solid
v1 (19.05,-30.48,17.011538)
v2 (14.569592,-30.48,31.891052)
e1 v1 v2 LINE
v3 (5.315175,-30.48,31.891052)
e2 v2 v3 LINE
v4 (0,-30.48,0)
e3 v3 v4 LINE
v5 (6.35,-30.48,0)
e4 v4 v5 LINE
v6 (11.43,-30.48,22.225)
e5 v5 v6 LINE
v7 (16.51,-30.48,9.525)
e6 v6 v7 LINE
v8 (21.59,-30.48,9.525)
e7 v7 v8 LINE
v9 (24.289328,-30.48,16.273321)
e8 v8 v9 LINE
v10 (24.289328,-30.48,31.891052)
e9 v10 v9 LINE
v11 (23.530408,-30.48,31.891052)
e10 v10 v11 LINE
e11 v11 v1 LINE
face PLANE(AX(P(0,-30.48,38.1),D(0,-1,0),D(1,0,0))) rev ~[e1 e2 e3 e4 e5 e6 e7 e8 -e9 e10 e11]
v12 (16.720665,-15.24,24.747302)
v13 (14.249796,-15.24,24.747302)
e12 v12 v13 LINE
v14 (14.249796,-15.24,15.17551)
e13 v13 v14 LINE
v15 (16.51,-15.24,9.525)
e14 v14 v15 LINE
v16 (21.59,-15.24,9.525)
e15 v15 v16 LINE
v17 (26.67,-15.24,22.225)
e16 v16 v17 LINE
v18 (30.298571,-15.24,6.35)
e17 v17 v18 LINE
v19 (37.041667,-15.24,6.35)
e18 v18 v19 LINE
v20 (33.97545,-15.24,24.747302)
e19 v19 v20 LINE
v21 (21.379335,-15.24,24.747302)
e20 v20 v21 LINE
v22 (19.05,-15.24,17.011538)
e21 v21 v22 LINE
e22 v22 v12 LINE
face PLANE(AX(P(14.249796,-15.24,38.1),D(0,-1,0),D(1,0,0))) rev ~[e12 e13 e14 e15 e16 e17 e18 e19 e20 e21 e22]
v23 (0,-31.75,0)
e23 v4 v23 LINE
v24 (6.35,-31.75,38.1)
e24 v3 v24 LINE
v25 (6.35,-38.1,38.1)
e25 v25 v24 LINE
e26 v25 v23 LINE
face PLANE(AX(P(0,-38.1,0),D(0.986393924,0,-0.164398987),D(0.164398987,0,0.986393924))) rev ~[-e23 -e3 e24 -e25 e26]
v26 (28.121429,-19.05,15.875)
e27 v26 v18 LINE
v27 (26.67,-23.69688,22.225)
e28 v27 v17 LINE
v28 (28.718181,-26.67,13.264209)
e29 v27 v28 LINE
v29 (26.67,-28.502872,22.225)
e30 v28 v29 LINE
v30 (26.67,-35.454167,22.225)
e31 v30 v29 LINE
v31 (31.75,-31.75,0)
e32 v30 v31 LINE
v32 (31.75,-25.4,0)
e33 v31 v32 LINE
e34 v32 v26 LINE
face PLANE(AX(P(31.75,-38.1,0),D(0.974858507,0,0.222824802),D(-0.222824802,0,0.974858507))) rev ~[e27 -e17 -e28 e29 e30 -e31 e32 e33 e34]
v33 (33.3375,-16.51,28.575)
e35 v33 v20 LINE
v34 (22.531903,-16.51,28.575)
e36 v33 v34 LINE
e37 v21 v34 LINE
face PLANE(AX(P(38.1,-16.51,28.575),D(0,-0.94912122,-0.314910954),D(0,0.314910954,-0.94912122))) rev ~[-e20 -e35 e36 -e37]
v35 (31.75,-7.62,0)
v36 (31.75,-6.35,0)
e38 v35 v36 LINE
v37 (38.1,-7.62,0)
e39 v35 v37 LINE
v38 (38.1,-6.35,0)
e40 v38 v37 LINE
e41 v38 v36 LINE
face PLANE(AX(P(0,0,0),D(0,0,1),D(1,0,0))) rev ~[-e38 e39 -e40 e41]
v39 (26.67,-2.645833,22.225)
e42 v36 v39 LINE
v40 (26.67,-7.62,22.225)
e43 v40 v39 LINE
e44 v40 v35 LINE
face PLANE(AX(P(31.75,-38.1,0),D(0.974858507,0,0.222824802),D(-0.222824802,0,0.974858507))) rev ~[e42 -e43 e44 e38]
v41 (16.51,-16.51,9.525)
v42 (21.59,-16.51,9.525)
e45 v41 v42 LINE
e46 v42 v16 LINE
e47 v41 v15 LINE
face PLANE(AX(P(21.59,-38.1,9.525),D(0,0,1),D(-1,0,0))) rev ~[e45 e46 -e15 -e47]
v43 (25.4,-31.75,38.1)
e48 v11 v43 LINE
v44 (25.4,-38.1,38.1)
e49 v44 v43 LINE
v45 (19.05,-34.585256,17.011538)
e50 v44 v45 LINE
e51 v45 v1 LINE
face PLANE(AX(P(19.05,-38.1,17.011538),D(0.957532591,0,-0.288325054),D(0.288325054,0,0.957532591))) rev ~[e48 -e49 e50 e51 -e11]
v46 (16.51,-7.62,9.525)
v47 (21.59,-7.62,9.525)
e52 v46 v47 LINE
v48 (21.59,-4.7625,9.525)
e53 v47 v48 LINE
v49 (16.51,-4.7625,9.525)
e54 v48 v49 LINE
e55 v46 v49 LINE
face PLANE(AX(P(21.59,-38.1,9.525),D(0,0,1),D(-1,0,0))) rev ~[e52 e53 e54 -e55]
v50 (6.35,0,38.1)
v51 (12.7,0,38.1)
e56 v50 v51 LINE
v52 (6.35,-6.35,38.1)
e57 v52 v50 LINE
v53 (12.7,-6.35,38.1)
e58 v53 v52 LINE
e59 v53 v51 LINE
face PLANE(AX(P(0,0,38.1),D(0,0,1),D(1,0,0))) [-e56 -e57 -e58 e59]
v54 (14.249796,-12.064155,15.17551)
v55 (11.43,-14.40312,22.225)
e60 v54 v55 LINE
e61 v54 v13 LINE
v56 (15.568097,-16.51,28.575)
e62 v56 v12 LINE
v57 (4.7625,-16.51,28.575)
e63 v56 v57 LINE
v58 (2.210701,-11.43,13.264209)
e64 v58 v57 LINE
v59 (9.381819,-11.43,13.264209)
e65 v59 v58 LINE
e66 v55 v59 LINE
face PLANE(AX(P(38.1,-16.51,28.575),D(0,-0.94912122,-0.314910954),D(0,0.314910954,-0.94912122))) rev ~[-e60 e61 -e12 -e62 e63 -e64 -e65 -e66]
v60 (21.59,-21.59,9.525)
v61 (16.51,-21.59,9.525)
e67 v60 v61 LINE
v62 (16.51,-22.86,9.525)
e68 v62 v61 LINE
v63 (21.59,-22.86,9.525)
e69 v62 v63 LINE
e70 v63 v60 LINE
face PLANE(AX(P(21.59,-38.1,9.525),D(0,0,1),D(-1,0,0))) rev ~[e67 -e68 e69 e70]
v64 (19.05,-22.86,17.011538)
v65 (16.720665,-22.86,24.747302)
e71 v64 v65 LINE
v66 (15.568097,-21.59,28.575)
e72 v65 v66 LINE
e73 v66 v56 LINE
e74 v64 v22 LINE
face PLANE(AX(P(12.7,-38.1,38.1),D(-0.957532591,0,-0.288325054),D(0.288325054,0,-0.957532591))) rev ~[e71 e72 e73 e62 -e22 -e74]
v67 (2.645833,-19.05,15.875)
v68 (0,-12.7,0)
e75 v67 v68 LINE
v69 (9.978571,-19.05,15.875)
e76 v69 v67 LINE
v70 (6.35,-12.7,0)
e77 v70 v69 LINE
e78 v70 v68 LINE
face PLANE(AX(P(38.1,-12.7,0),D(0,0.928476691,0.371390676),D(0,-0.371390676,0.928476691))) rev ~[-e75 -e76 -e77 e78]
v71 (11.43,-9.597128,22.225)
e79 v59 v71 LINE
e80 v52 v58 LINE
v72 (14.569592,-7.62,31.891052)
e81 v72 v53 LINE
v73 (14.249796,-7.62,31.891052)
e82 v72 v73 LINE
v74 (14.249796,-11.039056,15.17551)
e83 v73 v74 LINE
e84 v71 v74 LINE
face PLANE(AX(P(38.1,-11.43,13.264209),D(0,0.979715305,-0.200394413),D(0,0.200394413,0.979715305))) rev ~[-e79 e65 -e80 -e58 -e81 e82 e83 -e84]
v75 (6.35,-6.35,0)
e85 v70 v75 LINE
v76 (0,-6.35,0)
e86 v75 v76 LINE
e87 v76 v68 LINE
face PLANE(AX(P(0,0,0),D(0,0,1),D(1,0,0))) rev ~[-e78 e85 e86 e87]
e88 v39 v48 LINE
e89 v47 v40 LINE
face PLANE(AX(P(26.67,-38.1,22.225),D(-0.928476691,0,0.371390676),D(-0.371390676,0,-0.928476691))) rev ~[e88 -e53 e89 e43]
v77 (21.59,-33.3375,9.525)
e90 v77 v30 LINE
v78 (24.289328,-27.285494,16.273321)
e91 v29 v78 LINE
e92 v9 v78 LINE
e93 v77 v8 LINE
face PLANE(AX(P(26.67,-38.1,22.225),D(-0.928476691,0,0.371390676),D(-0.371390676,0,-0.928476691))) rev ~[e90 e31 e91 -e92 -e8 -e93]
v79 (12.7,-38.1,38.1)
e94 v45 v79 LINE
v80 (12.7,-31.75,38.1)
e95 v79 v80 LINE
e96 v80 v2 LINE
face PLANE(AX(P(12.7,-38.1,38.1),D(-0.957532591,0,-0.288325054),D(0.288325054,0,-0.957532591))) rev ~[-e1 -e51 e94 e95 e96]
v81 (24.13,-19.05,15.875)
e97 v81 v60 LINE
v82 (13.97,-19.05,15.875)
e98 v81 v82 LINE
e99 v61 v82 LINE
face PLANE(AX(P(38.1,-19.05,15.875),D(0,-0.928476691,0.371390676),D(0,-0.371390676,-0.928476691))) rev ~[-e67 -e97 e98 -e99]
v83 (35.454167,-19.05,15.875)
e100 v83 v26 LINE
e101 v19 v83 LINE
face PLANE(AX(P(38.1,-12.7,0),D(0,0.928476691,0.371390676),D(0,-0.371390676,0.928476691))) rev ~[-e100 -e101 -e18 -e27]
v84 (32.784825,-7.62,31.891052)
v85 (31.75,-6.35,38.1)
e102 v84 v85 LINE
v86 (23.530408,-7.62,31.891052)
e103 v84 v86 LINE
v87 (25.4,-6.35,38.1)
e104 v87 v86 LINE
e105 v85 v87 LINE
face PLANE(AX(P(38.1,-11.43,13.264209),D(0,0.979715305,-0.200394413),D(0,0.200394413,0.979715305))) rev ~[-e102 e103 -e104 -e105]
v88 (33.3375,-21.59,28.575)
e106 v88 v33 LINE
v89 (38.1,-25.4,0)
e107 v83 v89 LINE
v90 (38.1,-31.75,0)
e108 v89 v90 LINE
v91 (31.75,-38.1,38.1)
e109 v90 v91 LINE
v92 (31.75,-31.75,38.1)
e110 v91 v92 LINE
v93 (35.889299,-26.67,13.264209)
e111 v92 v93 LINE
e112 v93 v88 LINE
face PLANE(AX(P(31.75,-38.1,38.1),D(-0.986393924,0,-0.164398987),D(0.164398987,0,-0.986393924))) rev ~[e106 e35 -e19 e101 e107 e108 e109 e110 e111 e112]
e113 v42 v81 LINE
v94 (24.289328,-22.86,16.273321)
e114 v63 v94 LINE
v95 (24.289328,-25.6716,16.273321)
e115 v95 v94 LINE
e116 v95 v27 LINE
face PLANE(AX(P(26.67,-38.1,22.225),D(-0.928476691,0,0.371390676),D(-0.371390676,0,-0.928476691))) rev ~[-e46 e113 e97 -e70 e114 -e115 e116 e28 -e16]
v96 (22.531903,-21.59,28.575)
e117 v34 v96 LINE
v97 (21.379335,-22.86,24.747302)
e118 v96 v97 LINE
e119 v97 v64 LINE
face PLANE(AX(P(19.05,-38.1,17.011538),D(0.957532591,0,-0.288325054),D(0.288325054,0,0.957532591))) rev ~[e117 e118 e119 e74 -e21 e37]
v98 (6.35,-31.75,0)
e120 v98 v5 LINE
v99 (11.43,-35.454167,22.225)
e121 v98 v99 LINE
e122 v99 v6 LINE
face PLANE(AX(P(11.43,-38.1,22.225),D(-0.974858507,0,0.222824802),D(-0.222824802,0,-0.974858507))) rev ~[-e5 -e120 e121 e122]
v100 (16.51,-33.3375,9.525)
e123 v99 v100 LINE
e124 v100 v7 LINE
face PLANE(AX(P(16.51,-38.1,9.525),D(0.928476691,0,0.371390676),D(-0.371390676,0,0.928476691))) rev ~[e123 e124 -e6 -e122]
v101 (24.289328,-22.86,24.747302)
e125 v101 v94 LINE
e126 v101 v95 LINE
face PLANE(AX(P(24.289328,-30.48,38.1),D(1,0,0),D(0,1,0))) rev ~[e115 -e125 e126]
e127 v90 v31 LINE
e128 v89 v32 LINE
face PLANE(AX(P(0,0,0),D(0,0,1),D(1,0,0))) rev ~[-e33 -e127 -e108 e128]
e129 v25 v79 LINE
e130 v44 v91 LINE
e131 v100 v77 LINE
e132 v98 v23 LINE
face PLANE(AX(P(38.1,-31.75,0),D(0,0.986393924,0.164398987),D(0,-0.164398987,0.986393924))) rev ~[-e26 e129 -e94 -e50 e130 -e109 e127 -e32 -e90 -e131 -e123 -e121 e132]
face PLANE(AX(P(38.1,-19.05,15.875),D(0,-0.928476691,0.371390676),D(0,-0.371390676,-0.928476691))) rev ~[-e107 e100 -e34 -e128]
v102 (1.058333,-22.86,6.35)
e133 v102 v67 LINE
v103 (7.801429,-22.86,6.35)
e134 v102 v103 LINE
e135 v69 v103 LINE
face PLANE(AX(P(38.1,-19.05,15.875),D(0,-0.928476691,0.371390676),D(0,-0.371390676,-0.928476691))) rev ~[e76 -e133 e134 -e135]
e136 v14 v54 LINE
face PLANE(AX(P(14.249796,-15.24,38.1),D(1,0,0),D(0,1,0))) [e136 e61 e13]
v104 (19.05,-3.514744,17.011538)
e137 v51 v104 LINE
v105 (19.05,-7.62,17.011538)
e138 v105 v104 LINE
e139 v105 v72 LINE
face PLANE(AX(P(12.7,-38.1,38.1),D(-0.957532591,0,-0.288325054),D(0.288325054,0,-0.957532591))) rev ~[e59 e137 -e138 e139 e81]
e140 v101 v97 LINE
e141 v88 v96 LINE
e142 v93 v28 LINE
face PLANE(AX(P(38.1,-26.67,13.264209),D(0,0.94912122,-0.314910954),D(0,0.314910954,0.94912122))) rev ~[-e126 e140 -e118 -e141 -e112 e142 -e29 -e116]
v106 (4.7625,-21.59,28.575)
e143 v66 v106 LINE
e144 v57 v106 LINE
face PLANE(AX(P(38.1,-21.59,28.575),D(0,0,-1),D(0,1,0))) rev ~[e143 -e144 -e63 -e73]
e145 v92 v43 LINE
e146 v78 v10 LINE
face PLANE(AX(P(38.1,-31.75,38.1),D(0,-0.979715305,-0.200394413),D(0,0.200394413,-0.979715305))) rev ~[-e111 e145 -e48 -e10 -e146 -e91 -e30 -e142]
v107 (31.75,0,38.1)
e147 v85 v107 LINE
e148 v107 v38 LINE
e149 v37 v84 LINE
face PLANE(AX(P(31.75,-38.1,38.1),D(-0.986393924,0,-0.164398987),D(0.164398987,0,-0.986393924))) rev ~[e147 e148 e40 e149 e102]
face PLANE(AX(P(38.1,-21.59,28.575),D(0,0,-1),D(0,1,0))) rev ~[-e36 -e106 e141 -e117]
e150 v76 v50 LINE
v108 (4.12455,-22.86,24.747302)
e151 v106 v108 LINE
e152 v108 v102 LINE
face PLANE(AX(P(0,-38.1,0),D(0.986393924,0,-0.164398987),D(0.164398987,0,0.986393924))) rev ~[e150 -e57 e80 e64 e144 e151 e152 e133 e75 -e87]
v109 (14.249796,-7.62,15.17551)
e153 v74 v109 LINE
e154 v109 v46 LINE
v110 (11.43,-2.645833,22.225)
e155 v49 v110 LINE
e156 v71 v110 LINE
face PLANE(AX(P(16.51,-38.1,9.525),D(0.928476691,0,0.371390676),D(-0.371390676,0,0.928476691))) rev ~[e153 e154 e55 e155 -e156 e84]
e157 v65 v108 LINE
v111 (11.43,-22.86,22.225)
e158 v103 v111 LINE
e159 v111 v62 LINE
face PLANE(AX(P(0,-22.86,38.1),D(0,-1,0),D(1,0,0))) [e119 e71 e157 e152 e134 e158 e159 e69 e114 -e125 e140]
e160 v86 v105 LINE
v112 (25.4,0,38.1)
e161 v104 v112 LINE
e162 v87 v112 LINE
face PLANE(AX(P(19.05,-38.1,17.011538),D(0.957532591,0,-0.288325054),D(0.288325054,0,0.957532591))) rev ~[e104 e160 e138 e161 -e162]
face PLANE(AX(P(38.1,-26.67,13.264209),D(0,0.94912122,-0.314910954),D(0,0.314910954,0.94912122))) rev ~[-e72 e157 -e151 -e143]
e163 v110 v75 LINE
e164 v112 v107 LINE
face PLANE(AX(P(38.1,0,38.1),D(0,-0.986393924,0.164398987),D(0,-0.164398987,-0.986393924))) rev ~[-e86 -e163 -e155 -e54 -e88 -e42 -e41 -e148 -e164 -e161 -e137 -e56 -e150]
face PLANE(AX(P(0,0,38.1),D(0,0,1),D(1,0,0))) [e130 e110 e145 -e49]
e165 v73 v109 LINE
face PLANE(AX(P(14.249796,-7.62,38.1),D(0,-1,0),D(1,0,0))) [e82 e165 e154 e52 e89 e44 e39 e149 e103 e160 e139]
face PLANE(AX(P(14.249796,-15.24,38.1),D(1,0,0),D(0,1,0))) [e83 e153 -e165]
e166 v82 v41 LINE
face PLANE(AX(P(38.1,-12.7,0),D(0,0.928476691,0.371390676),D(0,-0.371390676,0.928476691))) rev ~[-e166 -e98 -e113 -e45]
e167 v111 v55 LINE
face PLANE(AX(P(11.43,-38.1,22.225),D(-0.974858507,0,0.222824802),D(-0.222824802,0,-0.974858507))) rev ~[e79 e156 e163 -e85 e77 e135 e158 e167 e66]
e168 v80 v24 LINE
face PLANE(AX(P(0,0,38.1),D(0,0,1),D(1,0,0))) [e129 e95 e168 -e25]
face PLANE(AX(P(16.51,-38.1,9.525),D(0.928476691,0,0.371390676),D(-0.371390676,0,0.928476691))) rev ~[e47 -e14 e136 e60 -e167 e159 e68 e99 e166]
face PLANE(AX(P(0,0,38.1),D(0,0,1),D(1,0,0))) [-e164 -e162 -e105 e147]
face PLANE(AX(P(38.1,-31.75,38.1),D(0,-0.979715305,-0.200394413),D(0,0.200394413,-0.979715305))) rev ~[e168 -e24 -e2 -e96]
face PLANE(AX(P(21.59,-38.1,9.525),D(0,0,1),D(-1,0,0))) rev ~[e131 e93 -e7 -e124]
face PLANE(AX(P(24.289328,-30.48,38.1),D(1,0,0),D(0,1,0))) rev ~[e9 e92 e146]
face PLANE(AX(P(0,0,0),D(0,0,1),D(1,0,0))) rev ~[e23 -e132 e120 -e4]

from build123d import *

# Parameters (mm, degrees)
F0_W      = 38.1
F0_H      = 38.1
F1_DEPTH  = 38.1
F6_DEPTH  = 38.1
F8_DEPTH  = 38.1
F9_W      = 23.850204
F9_H      = 7.62
F9_W_2    = 24.289329
F10_DEPTH = 38.1


with BuildPart() as f1:
    # F0 (on Front) → F1 (new body)
    with BuildSketch(Plane.XZ):
        with Locations((19.05, 19.05)):
            Rectangle(F0_W, F0_H)
    extrude(amount=F1_DEPTH)

    # F5 (on offset) → F6 (cut)
    with BuildSketch(Plane.YZ.offset(38.1)):
        Polygon((-11.43, 13.264209), (-6.35, 38.1), (-9.257666, 38.1), (-31.75, 38.1), (-26.67, 13.264209), (-21.59, 28.575), (-16.51, 28.575), align=None)
        Polygon((-38.1, 0), (-31.75, 0), (-38.1, 38.1), align=None)
        Polygon((-25.4, 0), (-12.7, 0), (-19.05, 15.875), align=None)
        Polygon((-6.35, 0), (0, 0), (0, 38.1), align=None)
    extrude(amount=-F6_DEPTH, mode=Mode.SUBTRACT)

    # F7 (on offset) → F8 (cut)
    with BuildSketch(Plane.XZ.offset(38.1)):
        Polygon((0, 38.1), (0, 0), (6.35, 38.1), align=None)
        Polygon((19.05, 17.011538), (25.4, 38.1), (12.7, 38.1), align=None)
        Polygon((6.35, 0), (31.75, 0), (26.67, 22.225), (21.59, 9.525), (16.51, 9.525), (11.43, 22.225), align=None)
        Polygon((38.1, 0), (38.1, 38.1), (31.75, 38.1), align=None)
    extrude(amount=-F8_DEPTH, mode=Mode.SUBTRACT)

    # F9 (on offset) → F10 (cut)
    with BuildSketch(Plane.XY.offset(38.1)):
        with Locations((26.174898, -11.43)):
            Rectangle(F9_W, F9_H)
        with Locations((12.144664, -26.67)):
            Rectangle(F9_W_2, F9_H)
    extrude(amount=-F10_DEPTH, mode=Mode.SUBTRACT)


solid = f1.part
